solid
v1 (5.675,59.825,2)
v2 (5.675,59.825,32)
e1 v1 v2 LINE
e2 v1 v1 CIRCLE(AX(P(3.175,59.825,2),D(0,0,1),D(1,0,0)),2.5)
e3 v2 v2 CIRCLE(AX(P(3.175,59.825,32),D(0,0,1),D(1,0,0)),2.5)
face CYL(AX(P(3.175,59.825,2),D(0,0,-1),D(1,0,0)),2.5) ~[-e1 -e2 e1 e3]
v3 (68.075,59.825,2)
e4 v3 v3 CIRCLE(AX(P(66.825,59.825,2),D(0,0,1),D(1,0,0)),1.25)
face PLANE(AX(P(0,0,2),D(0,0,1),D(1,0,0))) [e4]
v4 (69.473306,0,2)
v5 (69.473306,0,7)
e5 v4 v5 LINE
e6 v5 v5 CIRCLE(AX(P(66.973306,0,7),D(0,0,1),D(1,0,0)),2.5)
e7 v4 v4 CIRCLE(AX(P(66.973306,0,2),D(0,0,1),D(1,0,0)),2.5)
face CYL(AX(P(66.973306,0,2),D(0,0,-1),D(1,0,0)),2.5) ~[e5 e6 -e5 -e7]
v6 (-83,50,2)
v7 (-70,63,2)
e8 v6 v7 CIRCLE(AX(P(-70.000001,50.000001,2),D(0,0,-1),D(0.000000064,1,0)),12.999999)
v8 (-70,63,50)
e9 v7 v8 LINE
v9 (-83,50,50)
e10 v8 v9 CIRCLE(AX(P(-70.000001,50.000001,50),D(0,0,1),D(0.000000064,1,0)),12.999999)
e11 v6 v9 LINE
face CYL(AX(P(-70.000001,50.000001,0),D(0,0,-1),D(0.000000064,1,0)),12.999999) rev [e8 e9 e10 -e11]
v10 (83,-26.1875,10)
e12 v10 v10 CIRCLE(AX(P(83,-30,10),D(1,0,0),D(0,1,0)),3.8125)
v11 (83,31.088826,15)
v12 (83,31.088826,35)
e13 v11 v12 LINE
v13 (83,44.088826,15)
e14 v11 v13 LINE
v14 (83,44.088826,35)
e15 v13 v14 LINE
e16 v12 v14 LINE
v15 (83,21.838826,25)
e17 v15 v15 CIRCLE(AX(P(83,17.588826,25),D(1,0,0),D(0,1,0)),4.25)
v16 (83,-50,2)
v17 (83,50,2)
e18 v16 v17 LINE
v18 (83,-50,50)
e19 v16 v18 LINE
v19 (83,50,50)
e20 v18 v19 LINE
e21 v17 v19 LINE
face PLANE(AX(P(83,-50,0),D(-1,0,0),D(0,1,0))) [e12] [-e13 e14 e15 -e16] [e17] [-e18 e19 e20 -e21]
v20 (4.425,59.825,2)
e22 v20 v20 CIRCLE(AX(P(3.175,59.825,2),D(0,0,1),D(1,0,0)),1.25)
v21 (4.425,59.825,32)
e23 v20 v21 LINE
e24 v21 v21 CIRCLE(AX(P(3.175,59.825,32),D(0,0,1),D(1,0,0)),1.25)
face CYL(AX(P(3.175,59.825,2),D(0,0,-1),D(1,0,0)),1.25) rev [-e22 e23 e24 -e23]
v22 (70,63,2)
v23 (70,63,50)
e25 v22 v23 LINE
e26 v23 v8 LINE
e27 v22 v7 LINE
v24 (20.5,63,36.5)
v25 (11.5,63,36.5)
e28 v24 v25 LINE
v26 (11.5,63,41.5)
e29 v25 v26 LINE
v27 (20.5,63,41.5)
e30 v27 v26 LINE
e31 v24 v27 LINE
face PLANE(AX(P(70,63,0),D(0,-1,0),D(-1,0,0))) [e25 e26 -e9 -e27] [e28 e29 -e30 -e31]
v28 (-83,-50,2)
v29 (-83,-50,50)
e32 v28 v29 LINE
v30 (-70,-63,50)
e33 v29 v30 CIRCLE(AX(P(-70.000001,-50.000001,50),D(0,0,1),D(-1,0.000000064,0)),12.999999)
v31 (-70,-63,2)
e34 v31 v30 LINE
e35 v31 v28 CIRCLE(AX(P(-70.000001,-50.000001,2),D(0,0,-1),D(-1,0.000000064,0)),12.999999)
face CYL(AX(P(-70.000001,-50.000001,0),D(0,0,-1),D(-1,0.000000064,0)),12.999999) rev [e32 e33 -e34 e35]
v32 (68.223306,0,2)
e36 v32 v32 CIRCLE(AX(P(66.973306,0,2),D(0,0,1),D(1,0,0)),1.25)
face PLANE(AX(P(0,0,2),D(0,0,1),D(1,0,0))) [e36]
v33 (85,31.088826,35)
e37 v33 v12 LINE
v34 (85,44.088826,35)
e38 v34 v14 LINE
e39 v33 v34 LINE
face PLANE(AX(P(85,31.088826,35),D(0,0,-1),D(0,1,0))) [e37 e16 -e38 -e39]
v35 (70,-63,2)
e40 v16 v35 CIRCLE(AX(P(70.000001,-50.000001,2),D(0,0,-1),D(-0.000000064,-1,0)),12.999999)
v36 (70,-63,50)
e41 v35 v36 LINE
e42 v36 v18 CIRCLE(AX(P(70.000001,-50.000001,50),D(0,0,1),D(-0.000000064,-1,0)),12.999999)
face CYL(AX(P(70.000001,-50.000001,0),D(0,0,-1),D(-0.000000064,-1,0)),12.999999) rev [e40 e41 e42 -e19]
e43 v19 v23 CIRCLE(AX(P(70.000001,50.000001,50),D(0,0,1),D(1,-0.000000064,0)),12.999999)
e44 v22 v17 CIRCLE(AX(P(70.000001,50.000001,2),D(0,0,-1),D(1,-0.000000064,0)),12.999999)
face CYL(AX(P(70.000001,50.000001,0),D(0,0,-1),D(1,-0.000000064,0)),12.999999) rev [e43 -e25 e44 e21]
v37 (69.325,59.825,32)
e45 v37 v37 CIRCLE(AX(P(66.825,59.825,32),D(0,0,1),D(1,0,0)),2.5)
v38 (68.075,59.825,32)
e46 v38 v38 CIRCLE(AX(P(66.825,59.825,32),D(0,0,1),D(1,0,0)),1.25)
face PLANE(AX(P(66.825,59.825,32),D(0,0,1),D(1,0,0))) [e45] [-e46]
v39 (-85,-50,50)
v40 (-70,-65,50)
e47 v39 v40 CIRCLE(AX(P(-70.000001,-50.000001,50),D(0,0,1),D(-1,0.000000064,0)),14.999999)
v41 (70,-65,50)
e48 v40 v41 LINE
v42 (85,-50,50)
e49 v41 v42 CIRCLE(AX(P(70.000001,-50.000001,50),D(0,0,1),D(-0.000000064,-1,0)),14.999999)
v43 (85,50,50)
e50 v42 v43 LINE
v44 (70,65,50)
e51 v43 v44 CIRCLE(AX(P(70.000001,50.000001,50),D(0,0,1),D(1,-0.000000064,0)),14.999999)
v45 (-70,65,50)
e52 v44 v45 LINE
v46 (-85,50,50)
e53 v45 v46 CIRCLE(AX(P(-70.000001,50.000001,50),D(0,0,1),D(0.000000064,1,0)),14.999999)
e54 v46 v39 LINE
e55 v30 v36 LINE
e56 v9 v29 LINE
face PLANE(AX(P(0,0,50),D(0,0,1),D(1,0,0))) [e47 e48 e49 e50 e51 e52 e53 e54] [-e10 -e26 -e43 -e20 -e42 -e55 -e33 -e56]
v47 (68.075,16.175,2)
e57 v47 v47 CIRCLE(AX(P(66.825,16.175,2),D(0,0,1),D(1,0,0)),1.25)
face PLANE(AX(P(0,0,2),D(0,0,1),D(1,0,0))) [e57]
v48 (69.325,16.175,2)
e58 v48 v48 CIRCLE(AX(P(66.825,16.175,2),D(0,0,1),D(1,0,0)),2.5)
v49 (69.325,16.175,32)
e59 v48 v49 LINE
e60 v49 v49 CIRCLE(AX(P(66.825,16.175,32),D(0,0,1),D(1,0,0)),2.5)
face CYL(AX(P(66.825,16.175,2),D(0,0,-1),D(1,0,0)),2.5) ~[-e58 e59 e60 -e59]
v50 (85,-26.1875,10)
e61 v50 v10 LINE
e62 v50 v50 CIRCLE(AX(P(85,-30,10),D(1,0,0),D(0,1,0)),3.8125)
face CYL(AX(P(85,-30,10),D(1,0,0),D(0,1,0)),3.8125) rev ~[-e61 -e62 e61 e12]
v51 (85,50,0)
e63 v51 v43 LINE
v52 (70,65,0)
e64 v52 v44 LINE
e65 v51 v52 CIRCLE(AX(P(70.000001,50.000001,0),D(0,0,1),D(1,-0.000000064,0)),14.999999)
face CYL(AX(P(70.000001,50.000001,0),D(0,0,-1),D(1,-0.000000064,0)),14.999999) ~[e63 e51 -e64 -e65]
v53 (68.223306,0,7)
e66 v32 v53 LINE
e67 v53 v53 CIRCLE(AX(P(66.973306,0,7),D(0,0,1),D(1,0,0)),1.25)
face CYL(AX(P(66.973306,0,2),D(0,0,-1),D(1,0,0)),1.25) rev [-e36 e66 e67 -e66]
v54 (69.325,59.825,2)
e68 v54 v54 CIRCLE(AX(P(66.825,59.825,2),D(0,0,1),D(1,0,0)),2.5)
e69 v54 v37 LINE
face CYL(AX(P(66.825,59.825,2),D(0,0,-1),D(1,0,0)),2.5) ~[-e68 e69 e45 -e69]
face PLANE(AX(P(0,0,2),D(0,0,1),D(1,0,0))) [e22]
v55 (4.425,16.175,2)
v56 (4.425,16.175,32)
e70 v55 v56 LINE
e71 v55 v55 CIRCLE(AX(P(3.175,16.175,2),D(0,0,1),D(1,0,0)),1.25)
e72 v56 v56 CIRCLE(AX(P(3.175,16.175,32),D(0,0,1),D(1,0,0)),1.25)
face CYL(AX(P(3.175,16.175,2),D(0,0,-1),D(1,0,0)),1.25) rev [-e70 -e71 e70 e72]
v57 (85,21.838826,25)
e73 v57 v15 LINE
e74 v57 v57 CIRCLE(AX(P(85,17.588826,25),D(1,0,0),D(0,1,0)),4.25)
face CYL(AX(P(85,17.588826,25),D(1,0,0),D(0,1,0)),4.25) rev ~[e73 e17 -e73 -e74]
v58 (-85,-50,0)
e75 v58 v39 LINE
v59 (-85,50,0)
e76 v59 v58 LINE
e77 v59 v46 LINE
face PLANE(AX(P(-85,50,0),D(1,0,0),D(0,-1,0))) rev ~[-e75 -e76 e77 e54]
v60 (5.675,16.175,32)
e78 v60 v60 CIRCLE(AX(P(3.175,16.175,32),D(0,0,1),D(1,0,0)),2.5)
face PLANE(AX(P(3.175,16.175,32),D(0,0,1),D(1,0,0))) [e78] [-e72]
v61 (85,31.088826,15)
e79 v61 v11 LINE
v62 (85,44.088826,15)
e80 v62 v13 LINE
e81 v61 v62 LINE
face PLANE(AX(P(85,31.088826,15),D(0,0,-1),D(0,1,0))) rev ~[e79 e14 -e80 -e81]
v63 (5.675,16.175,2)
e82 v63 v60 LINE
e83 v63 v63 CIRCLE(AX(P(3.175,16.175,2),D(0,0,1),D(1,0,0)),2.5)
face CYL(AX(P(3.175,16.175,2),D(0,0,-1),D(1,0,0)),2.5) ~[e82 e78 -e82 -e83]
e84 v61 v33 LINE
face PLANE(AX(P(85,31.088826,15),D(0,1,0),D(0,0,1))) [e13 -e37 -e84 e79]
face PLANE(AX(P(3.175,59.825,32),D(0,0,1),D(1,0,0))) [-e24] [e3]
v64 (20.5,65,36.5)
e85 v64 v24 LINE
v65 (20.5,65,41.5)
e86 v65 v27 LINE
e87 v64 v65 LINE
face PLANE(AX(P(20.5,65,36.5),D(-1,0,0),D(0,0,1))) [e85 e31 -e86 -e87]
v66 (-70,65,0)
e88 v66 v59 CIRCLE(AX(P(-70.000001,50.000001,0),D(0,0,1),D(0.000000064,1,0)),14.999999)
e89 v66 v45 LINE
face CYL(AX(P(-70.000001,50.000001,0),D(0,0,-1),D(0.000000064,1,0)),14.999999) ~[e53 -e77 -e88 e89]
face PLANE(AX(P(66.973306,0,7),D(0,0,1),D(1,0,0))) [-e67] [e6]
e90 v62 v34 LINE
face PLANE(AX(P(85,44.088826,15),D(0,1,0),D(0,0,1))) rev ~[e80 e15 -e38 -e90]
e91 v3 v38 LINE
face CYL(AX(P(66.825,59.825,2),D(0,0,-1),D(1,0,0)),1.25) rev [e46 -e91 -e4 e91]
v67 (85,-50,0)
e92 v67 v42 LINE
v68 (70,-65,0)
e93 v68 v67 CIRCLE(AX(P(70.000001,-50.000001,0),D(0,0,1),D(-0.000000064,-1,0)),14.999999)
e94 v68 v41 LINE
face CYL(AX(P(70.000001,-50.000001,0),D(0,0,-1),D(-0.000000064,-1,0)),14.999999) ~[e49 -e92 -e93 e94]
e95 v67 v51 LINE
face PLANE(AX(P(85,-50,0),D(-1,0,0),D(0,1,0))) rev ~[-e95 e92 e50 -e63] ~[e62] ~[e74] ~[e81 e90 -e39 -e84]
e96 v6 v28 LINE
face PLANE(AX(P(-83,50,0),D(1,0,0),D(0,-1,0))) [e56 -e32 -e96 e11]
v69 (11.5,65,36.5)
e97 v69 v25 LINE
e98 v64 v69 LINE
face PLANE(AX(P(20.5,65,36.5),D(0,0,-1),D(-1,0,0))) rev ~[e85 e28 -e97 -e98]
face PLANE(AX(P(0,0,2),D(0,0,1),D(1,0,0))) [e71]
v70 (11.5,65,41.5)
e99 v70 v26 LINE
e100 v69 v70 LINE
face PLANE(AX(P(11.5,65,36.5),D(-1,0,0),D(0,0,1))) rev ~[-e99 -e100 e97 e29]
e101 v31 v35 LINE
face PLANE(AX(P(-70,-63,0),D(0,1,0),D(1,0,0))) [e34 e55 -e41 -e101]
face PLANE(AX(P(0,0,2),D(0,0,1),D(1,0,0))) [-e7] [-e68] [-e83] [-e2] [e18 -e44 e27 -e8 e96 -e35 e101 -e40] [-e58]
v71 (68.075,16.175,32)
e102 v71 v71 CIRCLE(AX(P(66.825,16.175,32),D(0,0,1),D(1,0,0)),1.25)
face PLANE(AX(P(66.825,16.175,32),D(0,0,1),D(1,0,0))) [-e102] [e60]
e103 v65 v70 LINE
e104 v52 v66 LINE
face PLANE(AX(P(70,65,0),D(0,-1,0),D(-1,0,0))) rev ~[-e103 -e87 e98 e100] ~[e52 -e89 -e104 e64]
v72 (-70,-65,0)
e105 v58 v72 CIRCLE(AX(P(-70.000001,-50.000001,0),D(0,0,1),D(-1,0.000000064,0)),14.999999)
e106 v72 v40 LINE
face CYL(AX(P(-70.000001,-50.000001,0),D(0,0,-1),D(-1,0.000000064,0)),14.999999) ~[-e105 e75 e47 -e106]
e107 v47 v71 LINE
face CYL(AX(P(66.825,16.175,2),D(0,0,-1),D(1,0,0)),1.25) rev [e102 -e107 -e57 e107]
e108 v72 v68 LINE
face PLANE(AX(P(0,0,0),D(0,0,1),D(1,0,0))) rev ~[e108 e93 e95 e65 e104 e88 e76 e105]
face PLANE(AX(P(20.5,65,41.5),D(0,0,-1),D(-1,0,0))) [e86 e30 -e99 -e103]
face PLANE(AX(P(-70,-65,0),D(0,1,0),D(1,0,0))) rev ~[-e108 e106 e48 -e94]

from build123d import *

# Parameters (mm, degrees)
F1_DEPTH  = 50
F2_T      = -2
F3_R      = 2.5
F3_R_2    = 1.25
F4_DEPTH  = 30
F5_W      = 9
F5_H      = 5
F6_DEPTH  = 2
F8_R      = 4.25
F8_W      = 13
F8_H      = 20
F9_DEPTH  = 2
F10_R     = 2.5
F10_R_2   = 1.25
F11_DEPTH = 5
F12_R     = 3.8125
F13_DEPTH = 25


with BuildPart() as f1:
    # F0 (on Top) → F1 (new body)
    with BuildSketch(Plane.XY):
        with BuildLine():
            Line((70, 65), (-70, 65))
            ThreePointArc((-70, 65), (-80.606602, 60.606602), (-85, 50))
            Line((-85, 50), (-85, -50))
            ThreePointArc((-85, -50), (-80.606602, -60.606602), (-70, -65))
            Line((-70, -65), (70, -65))
            ThreePointArc((70, -65), (80.606602, -60.606602), (85, -50))
            Line((85, -50), (85, 50))
            ThreePointArc((85, 50), (80.606602, 60.606602), (70, 65))
        make_face()
    extrude(amount=F1_DEPTH)

    # F2
    f2_openings = [f1.faces().sort_by_distance(p)[0] for p in [
        (0, 0, 50),
    ]]
    offset(amount=F2_T, openings=f2_openings)

    # F3 (on face) → F4 (join)
    with BuildSketch(Plane.XY.offset(2)):
        with Locations((3.175, 59.825)):
            Circle(F3_R)
        with Locations((3.175, 59.825)):
            Circle(F3_R_2, mode=Mode.SUBTRACT)
        with Locations((3.175, 16.175)):
            Circle(F3_R)
        with Locations((3.175, 16.175)):
            Circle(F3_R_2, mode=Mode.SUBTRACT)
        with Locations((66.825, 59.825)):
            Circle(F3_R)
        with Locations((66.825, 59.825)):
            Circle(F3_R_2, mode=Mode.SUBTRACT)
        with Locations((66.825, 16.175)):
            Circle(F3_R)
        with Locations((66.825, 16.175)):
            Circle(F3_R_2, mode=Mode.SUBTRACT)
    extrude(amount=F4_DEPTH)

    # F5 (on face) → F6 (cut, through all)
    with BuildSketch(Plane(origin=(0, 65, 0), x_dir=(-1, 0, 0), z_dir=(0, 1, 0))):
        with Locations((-16, 39)):
            Rectangle(F5_W, F5_H)
    extrude(amount=-F6_DEPTH, mode=Mode.SUBTRACT)

    # F8 (on face) → F9 (cut, through all)
    with BuildSketch(Plane.YZ.offset(85)):
        with Locations((17.588826, 25)):
            Circle(F8_R)
        with Locations((37.588826, 25)):
            Rectangle(F8_W, F8_H)
    extrude(amount=-F9_DEPTH, mode=Mode.SUBTRACT)

    # F10 (on face) → F11 (join)
    with BuildSketch(Plane.XY.offset(2)):
        with Locations((66.973306, 0)):
            Circle(F10_R)
        with Locations((66.973306, 0)):
            Circle(F10_R_2, mode=Mode.SUBTRACT)
    extrude(amount=F11_DEPTH)

    # F12 (on face) → F13 (cut)
    with BuildSketch(Plane.YZ.offset(85)):
        with Locations((-30, 10)):
            Circle(F12_R)
    extrude(amount=-F13_DEPTH, mode=Mode.SUBTRACT)


solid = f1.part
